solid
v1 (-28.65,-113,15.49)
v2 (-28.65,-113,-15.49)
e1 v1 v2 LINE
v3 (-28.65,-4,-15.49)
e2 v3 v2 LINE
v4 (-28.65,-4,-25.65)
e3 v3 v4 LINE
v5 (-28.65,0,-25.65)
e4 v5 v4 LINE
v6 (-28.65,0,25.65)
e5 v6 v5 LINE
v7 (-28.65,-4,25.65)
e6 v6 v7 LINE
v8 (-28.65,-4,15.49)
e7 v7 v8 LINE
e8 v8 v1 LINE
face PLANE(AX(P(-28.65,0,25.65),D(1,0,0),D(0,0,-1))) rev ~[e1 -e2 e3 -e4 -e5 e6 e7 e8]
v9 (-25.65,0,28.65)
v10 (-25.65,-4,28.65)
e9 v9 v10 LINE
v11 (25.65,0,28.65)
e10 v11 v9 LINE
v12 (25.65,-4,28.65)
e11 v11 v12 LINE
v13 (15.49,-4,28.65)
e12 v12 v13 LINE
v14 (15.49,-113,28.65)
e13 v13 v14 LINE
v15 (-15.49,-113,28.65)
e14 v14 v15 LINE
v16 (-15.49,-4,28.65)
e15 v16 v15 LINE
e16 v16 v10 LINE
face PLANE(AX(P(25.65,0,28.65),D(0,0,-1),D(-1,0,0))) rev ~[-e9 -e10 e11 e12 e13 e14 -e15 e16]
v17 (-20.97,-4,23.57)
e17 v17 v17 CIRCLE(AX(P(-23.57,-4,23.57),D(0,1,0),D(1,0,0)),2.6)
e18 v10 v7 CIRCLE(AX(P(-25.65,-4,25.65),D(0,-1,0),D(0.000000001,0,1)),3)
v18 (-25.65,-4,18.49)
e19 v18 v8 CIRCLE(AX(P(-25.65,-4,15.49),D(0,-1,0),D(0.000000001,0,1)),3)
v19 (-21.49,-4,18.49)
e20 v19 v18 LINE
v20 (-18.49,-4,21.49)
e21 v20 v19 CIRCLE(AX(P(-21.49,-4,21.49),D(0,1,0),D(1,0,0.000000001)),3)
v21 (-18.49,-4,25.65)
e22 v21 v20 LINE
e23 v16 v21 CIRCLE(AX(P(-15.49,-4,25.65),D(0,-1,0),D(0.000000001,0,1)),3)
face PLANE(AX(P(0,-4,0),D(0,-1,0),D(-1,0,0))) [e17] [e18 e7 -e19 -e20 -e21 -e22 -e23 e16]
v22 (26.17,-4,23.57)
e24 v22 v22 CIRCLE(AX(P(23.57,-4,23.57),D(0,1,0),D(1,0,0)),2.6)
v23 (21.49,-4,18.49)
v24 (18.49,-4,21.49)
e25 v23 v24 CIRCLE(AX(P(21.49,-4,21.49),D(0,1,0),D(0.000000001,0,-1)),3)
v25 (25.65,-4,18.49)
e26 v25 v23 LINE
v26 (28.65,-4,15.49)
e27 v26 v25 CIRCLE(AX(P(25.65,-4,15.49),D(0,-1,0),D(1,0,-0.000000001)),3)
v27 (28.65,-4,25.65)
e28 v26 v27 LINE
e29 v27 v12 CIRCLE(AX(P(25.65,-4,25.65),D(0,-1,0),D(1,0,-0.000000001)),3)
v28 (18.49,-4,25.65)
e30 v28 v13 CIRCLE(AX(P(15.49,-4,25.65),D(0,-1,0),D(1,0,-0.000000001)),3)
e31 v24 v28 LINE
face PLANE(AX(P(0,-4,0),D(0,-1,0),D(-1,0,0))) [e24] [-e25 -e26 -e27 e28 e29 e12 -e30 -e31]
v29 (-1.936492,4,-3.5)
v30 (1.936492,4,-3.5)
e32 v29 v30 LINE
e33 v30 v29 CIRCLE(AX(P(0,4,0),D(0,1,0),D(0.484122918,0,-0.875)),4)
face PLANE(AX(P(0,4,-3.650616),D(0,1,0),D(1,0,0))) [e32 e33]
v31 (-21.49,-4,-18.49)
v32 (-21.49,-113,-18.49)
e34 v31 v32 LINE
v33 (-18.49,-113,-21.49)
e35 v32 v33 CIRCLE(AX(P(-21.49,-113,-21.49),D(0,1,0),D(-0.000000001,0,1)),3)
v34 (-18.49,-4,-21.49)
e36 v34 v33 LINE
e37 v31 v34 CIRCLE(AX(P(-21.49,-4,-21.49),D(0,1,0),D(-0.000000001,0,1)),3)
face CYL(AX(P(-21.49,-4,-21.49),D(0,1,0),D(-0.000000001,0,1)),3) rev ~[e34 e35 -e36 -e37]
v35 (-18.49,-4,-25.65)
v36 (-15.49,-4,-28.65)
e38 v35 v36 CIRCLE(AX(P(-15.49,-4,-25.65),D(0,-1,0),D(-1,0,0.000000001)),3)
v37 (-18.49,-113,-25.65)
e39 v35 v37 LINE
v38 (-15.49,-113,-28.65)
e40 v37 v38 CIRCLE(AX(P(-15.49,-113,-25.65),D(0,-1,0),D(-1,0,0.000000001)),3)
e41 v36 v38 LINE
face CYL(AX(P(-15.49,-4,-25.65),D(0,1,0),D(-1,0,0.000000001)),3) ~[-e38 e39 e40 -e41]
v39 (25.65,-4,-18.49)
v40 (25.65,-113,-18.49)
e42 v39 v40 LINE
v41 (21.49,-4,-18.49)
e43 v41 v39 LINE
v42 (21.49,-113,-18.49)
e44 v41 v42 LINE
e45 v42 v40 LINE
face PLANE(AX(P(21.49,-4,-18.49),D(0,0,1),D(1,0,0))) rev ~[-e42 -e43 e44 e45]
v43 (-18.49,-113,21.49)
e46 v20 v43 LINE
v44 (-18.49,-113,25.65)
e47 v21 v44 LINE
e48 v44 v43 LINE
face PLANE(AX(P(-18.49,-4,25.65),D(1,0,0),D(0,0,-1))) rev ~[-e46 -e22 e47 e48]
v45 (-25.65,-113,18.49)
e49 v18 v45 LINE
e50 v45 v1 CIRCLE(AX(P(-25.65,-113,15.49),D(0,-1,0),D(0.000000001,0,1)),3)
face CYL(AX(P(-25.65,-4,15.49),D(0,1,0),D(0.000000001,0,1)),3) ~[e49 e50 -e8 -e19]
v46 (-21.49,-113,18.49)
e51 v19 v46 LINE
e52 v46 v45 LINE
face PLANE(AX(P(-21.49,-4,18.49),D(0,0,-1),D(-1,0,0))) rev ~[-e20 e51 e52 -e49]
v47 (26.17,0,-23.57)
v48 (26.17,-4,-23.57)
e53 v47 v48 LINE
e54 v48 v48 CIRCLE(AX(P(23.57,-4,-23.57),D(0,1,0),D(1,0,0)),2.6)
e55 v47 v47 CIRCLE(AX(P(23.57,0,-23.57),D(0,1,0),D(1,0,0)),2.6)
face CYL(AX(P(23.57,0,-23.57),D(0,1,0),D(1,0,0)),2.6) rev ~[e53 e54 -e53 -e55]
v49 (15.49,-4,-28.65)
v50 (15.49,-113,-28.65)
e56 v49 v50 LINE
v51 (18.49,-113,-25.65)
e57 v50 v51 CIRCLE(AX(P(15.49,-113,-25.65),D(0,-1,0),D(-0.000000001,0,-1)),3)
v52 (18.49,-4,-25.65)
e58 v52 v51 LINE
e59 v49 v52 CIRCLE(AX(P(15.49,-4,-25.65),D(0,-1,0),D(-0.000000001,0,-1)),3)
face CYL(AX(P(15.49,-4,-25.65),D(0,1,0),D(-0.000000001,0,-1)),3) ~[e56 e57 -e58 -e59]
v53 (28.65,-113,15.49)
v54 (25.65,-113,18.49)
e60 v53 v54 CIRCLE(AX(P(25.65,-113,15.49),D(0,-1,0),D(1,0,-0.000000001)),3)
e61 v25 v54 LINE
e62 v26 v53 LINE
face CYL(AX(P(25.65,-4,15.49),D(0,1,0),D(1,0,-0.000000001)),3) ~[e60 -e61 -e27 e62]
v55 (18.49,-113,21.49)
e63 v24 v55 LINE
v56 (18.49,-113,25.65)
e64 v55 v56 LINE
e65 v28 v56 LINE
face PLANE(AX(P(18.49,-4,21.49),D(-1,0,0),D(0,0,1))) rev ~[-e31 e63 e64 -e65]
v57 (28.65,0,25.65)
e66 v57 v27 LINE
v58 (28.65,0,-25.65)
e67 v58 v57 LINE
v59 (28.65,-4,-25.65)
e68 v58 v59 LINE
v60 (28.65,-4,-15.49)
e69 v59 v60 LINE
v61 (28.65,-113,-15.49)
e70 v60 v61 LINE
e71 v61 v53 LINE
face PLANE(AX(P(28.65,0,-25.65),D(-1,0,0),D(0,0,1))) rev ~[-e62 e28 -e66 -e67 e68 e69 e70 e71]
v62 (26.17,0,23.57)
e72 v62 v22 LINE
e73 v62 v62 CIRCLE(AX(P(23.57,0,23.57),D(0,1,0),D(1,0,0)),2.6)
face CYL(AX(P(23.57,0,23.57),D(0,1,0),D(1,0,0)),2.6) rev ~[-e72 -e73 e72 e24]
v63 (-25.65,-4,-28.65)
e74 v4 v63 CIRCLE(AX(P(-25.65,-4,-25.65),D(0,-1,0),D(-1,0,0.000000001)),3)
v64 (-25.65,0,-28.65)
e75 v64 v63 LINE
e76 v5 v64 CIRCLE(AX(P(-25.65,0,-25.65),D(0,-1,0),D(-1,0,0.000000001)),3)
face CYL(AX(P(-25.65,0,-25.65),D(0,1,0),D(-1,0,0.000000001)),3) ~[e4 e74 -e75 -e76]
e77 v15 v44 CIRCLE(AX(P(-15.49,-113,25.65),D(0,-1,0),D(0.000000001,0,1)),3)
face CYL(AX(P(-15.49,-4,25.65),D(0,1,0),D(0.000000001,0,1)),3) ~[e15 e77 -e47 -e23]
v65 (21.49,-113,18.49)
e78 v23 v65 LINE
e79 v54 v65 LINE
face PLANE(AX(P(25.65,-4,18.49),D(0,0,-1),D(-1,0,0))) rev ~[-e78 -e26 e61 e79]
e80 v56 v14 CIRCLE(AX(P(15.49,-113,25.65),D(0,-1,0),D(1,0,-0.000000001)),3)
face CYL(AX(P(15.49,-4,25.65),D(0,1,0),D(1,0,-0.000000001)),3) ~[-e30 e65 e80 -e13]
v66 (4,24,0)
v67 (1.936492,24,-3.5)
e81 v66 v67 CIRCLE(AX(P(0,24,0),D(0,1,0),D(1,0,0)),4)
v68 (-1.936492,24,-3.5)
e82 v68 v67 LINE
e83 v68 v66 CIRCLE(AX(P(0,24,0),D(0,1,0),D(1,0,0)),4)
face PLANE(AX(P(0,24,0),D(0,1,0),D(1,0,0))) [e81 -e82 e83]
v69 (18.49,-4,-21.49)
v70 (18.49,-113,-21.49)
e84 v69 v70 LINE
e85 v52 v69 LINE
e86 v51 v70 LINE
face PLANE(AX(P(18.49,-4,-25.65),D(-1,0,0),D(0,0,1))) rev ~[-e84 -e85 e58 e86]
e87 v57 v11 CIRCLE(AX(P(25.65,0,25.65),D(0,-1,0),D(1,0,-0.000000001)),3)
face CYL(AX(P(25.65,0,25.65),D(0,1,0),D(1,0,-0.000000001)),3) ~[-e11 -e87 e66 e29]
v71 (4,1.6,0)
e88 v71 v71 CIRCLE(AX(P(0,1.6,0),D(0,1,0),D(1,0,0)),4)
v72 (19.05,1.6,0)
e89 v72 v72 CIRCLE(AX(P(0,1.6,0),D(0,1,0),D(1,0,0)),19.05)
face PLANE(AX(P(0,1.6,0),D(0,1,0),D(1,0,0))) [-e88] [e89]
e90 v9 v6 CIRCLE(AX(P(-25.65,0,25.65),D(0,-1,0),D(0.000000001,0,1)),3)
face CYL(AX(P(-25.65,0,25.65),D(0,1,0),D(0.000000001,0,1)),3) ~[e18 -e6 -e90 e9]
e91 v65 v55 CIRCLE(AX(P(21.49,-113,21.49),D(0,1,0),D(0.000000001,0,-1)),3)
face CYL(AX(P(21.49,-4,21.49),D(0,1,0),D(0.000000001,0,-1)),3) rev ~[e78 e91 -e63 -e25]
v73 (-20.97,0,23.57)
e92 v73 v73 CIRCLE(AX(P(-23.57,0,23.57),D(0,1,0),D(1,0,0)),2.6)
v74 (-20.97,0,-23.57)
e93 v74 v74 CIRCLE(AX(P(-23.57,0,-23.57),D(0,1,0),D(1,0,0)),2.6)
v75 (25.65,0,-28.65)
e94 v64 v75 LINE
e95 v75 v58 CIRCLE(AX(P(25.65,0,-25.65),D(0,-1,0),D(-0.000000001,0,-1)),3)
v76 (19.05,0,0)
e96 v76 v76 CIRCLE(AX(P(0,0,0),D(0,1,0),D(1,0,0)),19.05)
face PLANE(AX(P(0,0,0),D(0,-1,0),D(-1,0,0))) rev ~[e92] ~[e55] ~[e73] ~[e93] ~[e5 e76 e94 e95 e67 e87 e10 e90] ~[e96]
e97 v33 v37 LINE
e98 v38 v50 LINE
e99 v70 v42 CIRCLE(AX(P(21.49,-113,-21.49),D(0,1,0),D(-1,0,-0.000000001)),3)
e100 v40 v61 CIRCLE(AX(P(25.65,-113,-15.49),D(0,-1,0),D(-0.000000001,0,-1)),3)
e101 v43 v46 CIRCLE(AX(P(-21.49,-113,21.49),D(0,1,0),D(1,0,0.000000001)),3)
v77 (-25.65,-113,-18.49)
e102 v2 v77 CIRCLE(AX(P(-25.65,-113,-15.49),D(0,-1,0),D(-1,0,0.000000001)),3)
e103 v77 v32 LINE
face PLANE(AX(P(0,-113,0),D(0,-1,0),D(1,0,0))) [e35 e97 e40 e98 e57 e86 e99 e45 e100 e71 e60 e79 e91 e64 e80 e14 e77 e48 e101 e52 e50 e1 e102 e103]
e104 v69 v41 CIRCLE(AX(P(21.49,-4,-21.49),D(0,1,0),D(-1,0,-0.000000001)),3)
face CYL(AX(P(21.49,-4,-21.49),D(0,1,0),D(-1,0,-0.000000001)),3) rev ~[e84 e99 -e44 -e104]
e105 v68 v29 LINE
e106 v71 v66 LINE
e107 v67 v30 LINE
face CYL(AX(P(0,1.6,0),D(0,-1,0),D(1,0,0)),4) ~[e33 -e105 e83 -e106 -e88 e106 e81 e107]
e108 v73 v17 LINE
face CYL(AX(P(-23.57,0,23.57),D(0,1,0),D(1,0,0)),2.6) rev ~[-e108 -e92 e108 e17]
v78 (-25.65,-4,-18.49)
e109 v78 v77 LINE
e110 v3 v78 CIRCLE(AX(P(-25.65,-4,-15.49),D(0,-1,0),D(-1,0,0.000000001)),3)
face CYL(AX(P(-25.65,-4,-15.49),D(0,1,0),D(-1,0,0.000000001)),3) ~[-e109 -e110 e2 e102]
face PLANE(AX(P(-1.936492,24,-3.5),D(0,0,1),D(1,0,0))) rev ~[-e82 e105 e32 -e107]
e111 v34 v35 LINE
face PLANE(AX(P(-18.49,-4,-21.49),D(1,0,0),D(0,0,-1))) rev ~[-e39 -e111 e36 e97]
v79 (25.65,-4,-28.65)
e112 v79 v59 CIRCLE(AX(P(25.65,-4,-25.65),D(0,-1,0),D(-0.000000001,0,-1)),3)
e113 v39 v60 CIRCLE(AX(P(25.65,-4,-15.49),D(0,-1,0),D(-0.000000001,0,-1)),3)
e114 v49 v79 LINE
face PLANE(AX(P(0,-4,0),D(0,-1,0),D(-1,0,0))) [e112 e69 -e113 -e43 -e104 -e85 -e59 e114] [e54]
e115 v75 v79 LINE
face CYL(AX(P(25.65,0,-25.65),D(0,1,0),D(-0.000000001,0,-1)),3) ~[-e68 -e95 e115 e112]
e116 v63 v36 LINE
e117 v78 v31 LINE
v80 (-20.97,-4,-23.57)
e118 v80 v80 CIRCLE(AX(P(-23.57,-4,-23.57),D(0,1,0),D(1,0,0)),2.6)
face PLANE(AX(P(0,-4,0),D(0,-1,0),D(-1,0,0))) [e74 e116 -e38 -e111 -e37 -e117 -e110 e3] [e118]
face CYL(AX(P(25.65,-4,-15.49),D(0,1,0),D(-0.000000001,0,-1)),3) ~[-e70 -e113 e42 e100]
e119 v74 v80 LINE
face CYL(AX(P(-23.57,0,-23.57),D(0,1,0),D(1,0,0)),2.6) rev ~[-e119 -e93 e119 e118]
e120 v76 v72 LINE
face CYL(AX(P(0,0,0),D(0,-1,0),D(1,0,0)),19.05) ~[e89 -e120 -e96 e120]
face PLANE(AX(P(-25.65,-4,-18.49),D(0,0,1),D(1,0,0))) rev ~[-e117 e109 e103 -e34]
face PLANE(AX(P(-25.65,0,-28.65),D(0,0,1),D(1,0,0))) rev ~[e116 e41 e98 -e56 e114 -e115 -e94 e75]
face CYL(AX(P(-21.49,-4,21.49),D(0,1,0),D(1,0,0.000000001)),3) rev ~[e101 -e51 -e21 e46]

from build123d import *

# Parameters (mm, degrees)
SKETCH1_R           = 2.6
BOSS_EXTRUDE1_DEPTH = 4
SKETCH2_R           = 19.05
BOSS_EXTRUDE2_DEPTH = 1.6
SKETCH3_R           = 4
BOSS_EXTRUDE3_DEPTH = 22.4
CUT_EXTRUDE1_DEPTH  = 20
BOSS_EXTRUDE4_DEPTH = 109


with BuildPart() as part:
    # Sketch1 → Boss-Extrude1 (new body)
    with BuildSketch(Plane(origin=(0, 0, 0), x_dir=(1, 0, 0), z_dir=(0, 1, 0))):
        with BuildLine():
            Line((25.65, -28.65), (-25.65, -28.65))
            ThreePointArc((-25.65, -28.65), (-27.771320344, -27.771320344), (-28.65, -25.65))
            Line((-28.65, -25.65), (-28.65, 25.65))
            ThreePointArc((-28.65, 25.65), (-27.771320344, 27.771320344), (-25.65, 28.65))
            Line((-25.65, 28.65), (25.65, 28.65))
            ThreePointArc((25.65, 28.65), (27.771320344, 27.771320344), (28.65, 25.65))
            Line((28.65, 25.65), (28.65, -25.65))
            ThreePointArc((28.65, -25.65), (27.771320344, -27.771320344), (25.65, -28.65))
        make_face()
        with Locations((-23.57, 23.57)):
            Circle(SKETCH1_R, mode=Mode.SUBTRACT)
        with Locations((23.57, 23.57)):
            Circle(SKETCH1_R, mode=Mode.SUBTRACT)
        with Locations((23.57, -23.57)):
            Circle(SKETCH1_R, mode=Mode.SUBTRACT)
        with Locations((-23.57, -23.57)):
            Circle(SKETCH1_R, mode=Mode.SUBTRACT)
    extrude(amount=-BOSS_EXTRUDE1_DEPTH)

    # Sketch2 → Boss-Extrude2 (add)
    with BuildSketch(Plane(origin=(0, 0, 0), x_dir=(1, 0, 0), z_dir=(0, 1, 0))):
        Circle(SKETCH2_R)
    extrude(amount=BOSS_EXTRUDE2_DEPTH)

    # Sketch3 → Boss-Extrude3 (add)
    with BuildSketch(Plane(origin=(0, 1.6, 0), x_dir=(1, 0, 0), z_dir=(0, 1, 0))):
        Circle(SKETCH3_R)
    extrude(amount=BOSS_EXTRUDE3_DEPTH)

    # Sketch4 → Cut-Extrude1 (cut)
    with BuildSketch(Plane(origin=(0, 24, 0), x_dir=(1, 0, 0), z_dir=(0, 1, 0))):
        with BuildLine():
            Line((-1.936491673, 3.5), (1.936491673, 3.5))
            ThreePointArc((1.936491673, 3.5), (0, 4), (-1.936491673, 3.5))
        make_face()
    extrude(amount=-CUT_EXTRUDE1_DEPTH, mode=Mode.SUBTRACT)

    # Sketch5 → Boss-Extrude4 (add)
    with BuildSketch(Plane.XZ.offset(4)):
        with BuildLine():
            Line((-18.49, 25.65), (-18.49, 21.49))
            ThreePointArc((-18.49, 21.49), (-19.368679656, 19.368679656), (-21.49, 18.49))
            Line((-21.49, 18.49), (-25.65, 18.49))
            ThreePointArc((-25.65, 18.49), (-27.771320344, 17.611320344), (-28.65, 15.49))
            Line((-28.65, 15.49), (-28.65, -15.49))
            ThreePointArc((-28.65, -15.49), (-27.771320344, -17.611320344), (-25.65, -18.49))
            Line((-25.65, -18.49), (-21.49, -18.49))
            ThreePointArc((-21.49, -18.49), (-19.368679656, -19.368679656), (-18.49, -21.49))
            Line((-18.49, -21.49), (-18.49, -25.65))
            ThreePointArc((-18.49, -25.65), (-17.611320344, -27.771320344), (-15.49, -28.65))
            Line((-15.49, -28.65), (15.49, -28.65))
            ThreePointArc((15.49, -28.65), (17.611320344, -27.771320344), (18.49, -25.65))
            Line((18.49, -25.65), (18.49, -21.49))
            ThreePointArc((18.49, -21.49), (19.368679656, -19.368679656), (21.49, -18.49))
            Line((21.49, -18.49), (25.65, -18.49))
            ThreePointArc((25.65, -18.49), (27.771320344, -17.611320344), (28.65, -15.49))
            Line((28.65, -15.49), (28.65, 15.49))
            ThreePointArc((28.65, 15.49), (27.771320344, 17.611320344), (25.65, 18.49))
            Line((25.65, 18.49), (21.49, 18.49))
            ThreePointArc((21.49, 18.49), (19.368679656, 19.368679656), (18.49, 21.49))
            Line((18.49, 21.49), (18.49, 25.65))
            ThreePointArc((18.49, 25.65), (17.611320344, 27.771320344), (15.49, 28.65))
            Line((15.49, 28.65), (-15.49, 28.65))
            ThreePointArc((-15.49, 28.65), (-17.611320344, 27.771320344), (-18.49, 25.65))
        make_face()
    extrude(amount=BOSS_EXTRUDE4_DEPTH)


solid = part.part
